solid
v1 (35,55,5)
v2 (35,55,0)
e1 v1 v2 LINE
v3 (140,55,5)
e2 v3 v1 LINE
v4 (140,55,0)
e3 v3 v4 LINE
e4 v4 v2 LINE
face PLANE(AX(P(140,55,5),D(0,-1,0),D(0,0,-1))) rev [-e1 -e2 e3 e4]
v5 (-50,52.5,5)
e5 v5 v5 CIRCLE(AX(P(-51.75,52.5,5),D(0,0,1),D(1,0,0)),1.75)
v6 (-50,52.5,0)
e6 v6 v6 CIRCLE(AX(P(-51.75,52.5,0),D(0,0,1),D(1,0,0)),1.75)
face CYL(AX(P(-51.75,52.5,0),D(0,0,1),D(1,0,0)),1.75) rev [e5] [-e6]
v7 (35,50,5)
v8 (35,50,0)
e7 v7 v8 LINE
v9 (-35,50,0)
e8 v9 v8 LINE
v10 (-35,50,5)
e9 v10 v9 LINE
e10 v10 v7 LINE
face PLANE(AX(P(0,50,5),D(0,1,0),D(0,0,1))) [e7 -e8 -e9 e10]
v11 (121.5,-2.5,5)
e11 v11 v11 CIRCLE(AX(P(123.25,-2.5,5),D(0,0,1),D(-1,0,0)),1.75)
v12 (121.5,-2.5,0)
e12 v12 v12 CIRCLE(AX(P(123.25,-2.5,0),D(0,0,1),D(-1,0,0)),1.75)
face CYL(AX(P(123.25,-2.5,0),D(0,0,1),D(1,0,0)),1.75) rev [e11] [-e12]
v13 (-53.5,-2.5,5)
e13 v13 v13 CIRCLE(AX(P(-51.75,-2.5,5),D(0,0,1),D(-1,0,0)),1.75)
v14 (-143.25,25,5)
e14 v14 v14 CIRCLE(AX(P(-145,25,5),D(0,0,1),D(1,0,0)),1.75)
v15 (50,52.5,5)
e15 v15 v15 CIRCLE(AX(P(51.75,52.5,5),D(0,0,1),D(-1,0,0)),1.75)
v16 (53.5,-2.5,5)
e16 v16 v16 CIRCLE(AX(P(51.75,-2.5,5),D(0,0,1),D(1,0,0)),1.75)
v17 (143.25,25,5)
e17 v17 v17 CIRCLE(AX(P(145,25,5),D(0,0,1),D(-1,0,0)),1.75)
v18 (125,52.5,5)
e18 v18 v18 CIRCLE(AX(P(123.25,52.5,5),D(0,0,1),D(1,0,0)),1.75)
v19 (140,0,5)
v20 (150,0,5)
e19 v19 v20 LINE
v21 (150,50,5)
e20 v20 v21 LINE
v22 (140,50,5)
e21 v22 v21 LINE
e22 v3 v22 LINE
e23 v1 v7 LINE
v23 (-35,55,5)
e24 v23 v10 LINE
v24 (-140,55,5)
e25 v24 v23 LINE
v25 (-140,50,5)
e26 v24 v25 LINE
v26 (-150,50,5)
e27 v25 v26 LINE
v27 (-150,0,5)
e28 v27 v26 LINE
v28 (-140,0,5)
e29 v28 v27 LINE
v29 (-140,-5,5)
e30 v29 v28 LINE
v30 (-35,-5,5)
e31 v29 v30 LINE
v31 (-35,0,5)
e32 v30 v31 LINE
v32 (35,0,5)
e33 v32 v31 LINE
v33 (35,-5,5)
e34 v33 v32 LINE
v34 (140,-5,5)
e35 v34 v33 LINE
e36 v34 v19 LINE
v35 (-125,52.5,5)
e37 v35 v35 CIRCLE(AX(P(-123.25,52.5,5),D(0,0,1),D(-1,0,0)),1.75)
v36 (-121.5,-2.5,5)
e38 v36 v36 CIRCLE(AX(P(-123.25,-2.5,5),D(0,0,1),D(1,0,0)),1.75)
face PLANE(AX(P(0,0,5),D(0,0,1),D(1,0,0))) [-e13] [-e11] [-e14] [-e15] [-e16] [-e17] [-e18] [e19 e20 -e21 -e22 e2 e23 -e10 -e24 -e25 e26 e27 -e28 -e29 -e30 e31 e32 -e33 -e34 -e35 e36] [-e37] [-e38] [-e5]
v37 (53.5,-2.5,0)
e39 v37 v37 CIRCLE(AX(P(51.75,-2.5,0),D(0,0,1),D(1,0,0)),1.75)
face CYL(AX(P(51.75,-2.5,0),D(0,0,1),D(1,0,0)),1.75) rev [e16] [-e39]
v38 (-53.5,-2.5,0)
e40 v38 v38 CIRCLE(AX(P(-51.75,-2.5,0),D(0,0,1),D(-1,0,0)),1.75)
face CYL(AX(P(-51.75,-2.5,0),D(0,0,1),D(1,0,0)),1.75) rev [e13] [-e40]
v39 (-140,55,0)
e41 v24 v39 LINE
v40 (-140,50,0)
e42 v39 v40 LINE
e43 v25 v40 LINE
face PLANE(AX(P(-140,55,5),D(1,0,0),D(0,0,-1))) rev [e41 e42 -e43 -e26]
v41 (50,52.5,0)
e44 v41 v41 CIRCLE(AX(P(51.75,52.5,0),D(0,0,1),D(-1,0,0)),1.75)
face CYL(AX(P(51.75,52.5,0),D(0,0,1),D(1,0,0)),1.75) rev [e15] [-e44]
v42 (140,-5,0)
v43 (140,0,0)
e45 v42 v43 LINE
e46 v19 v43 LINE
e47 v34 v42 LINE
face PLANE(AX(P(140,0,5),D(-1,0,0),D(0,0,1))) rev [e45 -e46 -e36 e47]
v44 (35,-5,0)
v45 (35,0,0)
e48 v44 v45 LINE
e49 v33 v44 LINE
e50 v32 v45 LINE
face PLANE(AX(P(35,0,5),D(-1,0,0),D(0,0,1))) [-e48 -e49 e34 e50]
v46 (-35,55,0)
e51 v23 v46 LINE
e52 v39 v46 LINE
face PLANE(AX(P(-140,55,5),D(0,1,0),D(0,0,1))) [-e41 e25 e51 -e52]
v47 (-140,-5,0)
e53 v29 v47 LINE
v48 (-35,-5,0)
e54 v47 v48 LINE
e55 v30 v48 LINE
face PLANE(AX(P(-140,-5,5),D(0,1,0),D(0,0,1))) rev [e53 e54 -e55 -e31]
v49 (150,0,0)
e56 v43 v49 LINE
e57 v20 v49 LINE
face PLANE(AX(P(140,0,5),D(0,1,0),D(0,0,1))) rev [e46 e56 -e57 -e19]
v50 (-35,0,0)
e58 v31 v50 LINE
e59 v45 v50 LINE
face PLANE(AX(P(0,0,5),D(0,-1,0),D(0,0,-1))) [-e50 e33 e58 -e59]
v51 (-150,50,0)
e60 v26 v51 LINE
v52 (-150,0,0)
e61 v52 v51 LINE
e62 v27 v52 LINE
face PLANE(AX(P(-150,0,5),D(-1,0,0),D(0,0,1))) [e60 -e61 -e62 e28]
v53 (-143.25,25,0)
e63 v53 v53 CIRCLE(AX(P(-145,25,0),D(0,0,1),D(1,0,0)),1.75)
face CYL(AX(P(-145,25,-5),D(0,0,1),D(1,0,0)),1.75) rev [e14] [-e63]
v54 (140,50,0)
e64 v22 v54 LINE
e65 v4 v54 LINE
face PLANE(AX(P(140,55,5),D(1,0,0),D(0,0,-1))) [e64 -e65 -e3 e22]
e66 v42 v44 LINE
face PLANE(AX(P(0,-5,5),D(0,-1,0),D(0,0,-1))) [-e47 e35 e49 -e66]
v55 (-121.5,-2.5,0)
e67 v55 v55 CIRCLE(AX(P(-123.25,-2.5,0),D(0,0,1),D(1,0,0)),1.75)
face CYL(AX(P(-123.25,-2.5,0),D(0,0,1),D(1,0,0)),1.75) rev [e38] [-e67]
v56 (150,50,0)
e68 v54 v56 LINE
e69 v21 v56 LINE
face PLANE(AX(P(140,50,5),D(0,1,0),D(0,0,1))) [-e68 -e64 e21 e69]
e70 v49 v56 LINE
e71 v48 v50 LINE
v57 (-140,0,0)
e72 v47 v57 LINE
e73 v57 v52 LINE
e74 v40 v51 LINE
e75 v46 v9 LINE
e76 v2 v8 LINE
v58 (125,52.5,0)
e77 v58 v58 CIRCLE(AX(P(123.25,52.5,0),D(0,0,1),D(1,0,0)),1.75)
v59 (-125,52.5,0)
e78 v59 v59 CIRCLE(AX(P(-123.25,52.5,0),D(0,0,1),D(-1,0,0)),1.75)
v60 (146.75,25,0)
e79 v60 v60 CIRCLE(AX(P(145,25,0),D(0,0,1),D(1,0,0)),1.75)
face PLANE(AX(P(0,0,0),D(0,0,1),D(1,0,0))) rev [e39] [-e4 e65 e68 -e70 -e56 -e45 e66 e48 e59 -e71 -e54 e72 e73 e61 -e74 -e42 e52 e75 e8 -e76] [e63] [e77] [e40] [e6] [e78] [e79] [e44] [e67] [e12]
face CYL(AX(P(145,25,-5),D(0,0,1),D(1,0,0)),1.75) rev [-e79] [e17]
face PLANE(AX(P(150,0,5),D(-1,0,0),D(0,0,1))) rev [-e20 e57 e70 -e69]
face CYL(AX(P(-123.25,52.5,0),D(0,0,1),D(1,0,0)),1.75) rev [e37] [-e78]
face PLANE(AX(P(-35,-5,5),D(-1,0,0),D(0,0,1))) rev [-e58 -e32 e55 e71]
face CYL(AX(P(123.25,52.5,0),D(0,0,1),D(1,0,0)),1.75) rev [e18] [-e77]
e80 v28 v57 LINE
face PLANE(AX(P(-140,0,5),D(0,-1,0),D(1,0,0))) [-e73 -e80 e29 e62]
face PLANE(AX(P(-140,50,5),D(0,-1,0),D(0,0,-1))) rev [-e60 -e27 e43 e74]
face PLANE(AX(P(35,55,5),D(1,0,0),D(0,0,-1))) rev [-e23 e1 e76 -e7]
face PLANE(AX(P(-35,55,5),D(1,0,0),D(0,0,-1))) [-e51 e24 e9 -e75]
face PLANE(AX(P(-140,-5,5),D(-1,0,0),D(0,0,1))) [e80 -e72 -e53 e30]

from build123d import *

# Parameters (mm, degrees)
SKETCH1_W           = 105
SKETCH1_H           = 5
SKETCH1_W_2         = 10
SKETCH1_H_2         = 50
BOSS_EXTRUDE1_DEPTH = 5
SKETCH2_R           = 1.75
CUT_EXTRUDE1_DEPTH  = 5
SKETCH3_R           = 1.75
CUT_EXTRUDE2_DEPTH  = 10


with BuildPart() as part:
    # Sketch1 → Boss-Extrude1 (new body)
    with BuildSketch(Plane.XY):
        Polygon((-35, 0), (0, 0), (0, 50), (-35, 50), (-140, 50), (-140, 0), align=None)
        Polygon((0, 50), (0, 0), (35, 0), (140, 0), (140, 50), (35, 50), align=None)
        with Locations((-87.5, -2.5)):
            Rectangle(SKETCH1_W, SKETCH1_H)
        with Locations((87.5, -2.5)):
            Rectangle(SKETCH1_W, SKETCH1_H)
        with Locations((-87.5, 52.5)):
            Rectangle(SKETCH1_W, SKETCH1_H)
        with Locations((87.5, 52.5)):
            Rectangle(SKETCH1_W, SKETCH1_H)
        with Locations((-145, 25)):
            Rectangle(SKETCH1_W_2, SKETCH1_H_2)
        with Locations((145, 25)):
            Rectangle(SKETCH1_W_2, SKETCH1_H_2)
    extrude(amount=BOSS_EXTRUDE1_DEPTH)

    # Sketch2 → Cut-Extrude1 (cut)
    with BuildSketch(Plane.XY.offset(5)):
        with Locations((-123.25, -2.5)):
            Circle(SKETCH2_R)
        with Locations(Location((-51.75, -2.5, 0), (0, 0, 180))):
            Circle(SKETCH2_R)
        with Locations((51.75, -2.5)):
            Circle(SKETCH2_R)
        with Locations(Location((123.25, -2.5, 0), (0, 0, 180))):
            Circle(SKETCH2_R)
        with Locations((123.25, 52.5)):
            Circle(SKETCH2_R)
        with Locations(Location((51.75, 52.5, 0), (0, 0, 180))):
            Circle(SKETCH2_R)
        with Locations((-51.75, 52.5)):
            Circle(SKETCH2_R)
        with Locations(Location((-123.25, 52.5, 0), (0, 0, 180))):
            Circle(SKETCH2_R)
    extrude(amount=-CUT_EXTRUDE1_DEPTH, mode=Mode.SUBTRACT)

    # Sketch3 → Cut-Extrude2 (cut)
    with BuildSketch(Plane.XY.offset(5)):
        with Locations((-145, 25)):
            Circle(SKETCH3_R)
        with Locations((145, 25)):
            Circle(SKETCH3_R)
    extrude(amount=-CUT_EXTRUDE2_DEPTH, mode=Mode.SUBTRACT)


solid = part.part
